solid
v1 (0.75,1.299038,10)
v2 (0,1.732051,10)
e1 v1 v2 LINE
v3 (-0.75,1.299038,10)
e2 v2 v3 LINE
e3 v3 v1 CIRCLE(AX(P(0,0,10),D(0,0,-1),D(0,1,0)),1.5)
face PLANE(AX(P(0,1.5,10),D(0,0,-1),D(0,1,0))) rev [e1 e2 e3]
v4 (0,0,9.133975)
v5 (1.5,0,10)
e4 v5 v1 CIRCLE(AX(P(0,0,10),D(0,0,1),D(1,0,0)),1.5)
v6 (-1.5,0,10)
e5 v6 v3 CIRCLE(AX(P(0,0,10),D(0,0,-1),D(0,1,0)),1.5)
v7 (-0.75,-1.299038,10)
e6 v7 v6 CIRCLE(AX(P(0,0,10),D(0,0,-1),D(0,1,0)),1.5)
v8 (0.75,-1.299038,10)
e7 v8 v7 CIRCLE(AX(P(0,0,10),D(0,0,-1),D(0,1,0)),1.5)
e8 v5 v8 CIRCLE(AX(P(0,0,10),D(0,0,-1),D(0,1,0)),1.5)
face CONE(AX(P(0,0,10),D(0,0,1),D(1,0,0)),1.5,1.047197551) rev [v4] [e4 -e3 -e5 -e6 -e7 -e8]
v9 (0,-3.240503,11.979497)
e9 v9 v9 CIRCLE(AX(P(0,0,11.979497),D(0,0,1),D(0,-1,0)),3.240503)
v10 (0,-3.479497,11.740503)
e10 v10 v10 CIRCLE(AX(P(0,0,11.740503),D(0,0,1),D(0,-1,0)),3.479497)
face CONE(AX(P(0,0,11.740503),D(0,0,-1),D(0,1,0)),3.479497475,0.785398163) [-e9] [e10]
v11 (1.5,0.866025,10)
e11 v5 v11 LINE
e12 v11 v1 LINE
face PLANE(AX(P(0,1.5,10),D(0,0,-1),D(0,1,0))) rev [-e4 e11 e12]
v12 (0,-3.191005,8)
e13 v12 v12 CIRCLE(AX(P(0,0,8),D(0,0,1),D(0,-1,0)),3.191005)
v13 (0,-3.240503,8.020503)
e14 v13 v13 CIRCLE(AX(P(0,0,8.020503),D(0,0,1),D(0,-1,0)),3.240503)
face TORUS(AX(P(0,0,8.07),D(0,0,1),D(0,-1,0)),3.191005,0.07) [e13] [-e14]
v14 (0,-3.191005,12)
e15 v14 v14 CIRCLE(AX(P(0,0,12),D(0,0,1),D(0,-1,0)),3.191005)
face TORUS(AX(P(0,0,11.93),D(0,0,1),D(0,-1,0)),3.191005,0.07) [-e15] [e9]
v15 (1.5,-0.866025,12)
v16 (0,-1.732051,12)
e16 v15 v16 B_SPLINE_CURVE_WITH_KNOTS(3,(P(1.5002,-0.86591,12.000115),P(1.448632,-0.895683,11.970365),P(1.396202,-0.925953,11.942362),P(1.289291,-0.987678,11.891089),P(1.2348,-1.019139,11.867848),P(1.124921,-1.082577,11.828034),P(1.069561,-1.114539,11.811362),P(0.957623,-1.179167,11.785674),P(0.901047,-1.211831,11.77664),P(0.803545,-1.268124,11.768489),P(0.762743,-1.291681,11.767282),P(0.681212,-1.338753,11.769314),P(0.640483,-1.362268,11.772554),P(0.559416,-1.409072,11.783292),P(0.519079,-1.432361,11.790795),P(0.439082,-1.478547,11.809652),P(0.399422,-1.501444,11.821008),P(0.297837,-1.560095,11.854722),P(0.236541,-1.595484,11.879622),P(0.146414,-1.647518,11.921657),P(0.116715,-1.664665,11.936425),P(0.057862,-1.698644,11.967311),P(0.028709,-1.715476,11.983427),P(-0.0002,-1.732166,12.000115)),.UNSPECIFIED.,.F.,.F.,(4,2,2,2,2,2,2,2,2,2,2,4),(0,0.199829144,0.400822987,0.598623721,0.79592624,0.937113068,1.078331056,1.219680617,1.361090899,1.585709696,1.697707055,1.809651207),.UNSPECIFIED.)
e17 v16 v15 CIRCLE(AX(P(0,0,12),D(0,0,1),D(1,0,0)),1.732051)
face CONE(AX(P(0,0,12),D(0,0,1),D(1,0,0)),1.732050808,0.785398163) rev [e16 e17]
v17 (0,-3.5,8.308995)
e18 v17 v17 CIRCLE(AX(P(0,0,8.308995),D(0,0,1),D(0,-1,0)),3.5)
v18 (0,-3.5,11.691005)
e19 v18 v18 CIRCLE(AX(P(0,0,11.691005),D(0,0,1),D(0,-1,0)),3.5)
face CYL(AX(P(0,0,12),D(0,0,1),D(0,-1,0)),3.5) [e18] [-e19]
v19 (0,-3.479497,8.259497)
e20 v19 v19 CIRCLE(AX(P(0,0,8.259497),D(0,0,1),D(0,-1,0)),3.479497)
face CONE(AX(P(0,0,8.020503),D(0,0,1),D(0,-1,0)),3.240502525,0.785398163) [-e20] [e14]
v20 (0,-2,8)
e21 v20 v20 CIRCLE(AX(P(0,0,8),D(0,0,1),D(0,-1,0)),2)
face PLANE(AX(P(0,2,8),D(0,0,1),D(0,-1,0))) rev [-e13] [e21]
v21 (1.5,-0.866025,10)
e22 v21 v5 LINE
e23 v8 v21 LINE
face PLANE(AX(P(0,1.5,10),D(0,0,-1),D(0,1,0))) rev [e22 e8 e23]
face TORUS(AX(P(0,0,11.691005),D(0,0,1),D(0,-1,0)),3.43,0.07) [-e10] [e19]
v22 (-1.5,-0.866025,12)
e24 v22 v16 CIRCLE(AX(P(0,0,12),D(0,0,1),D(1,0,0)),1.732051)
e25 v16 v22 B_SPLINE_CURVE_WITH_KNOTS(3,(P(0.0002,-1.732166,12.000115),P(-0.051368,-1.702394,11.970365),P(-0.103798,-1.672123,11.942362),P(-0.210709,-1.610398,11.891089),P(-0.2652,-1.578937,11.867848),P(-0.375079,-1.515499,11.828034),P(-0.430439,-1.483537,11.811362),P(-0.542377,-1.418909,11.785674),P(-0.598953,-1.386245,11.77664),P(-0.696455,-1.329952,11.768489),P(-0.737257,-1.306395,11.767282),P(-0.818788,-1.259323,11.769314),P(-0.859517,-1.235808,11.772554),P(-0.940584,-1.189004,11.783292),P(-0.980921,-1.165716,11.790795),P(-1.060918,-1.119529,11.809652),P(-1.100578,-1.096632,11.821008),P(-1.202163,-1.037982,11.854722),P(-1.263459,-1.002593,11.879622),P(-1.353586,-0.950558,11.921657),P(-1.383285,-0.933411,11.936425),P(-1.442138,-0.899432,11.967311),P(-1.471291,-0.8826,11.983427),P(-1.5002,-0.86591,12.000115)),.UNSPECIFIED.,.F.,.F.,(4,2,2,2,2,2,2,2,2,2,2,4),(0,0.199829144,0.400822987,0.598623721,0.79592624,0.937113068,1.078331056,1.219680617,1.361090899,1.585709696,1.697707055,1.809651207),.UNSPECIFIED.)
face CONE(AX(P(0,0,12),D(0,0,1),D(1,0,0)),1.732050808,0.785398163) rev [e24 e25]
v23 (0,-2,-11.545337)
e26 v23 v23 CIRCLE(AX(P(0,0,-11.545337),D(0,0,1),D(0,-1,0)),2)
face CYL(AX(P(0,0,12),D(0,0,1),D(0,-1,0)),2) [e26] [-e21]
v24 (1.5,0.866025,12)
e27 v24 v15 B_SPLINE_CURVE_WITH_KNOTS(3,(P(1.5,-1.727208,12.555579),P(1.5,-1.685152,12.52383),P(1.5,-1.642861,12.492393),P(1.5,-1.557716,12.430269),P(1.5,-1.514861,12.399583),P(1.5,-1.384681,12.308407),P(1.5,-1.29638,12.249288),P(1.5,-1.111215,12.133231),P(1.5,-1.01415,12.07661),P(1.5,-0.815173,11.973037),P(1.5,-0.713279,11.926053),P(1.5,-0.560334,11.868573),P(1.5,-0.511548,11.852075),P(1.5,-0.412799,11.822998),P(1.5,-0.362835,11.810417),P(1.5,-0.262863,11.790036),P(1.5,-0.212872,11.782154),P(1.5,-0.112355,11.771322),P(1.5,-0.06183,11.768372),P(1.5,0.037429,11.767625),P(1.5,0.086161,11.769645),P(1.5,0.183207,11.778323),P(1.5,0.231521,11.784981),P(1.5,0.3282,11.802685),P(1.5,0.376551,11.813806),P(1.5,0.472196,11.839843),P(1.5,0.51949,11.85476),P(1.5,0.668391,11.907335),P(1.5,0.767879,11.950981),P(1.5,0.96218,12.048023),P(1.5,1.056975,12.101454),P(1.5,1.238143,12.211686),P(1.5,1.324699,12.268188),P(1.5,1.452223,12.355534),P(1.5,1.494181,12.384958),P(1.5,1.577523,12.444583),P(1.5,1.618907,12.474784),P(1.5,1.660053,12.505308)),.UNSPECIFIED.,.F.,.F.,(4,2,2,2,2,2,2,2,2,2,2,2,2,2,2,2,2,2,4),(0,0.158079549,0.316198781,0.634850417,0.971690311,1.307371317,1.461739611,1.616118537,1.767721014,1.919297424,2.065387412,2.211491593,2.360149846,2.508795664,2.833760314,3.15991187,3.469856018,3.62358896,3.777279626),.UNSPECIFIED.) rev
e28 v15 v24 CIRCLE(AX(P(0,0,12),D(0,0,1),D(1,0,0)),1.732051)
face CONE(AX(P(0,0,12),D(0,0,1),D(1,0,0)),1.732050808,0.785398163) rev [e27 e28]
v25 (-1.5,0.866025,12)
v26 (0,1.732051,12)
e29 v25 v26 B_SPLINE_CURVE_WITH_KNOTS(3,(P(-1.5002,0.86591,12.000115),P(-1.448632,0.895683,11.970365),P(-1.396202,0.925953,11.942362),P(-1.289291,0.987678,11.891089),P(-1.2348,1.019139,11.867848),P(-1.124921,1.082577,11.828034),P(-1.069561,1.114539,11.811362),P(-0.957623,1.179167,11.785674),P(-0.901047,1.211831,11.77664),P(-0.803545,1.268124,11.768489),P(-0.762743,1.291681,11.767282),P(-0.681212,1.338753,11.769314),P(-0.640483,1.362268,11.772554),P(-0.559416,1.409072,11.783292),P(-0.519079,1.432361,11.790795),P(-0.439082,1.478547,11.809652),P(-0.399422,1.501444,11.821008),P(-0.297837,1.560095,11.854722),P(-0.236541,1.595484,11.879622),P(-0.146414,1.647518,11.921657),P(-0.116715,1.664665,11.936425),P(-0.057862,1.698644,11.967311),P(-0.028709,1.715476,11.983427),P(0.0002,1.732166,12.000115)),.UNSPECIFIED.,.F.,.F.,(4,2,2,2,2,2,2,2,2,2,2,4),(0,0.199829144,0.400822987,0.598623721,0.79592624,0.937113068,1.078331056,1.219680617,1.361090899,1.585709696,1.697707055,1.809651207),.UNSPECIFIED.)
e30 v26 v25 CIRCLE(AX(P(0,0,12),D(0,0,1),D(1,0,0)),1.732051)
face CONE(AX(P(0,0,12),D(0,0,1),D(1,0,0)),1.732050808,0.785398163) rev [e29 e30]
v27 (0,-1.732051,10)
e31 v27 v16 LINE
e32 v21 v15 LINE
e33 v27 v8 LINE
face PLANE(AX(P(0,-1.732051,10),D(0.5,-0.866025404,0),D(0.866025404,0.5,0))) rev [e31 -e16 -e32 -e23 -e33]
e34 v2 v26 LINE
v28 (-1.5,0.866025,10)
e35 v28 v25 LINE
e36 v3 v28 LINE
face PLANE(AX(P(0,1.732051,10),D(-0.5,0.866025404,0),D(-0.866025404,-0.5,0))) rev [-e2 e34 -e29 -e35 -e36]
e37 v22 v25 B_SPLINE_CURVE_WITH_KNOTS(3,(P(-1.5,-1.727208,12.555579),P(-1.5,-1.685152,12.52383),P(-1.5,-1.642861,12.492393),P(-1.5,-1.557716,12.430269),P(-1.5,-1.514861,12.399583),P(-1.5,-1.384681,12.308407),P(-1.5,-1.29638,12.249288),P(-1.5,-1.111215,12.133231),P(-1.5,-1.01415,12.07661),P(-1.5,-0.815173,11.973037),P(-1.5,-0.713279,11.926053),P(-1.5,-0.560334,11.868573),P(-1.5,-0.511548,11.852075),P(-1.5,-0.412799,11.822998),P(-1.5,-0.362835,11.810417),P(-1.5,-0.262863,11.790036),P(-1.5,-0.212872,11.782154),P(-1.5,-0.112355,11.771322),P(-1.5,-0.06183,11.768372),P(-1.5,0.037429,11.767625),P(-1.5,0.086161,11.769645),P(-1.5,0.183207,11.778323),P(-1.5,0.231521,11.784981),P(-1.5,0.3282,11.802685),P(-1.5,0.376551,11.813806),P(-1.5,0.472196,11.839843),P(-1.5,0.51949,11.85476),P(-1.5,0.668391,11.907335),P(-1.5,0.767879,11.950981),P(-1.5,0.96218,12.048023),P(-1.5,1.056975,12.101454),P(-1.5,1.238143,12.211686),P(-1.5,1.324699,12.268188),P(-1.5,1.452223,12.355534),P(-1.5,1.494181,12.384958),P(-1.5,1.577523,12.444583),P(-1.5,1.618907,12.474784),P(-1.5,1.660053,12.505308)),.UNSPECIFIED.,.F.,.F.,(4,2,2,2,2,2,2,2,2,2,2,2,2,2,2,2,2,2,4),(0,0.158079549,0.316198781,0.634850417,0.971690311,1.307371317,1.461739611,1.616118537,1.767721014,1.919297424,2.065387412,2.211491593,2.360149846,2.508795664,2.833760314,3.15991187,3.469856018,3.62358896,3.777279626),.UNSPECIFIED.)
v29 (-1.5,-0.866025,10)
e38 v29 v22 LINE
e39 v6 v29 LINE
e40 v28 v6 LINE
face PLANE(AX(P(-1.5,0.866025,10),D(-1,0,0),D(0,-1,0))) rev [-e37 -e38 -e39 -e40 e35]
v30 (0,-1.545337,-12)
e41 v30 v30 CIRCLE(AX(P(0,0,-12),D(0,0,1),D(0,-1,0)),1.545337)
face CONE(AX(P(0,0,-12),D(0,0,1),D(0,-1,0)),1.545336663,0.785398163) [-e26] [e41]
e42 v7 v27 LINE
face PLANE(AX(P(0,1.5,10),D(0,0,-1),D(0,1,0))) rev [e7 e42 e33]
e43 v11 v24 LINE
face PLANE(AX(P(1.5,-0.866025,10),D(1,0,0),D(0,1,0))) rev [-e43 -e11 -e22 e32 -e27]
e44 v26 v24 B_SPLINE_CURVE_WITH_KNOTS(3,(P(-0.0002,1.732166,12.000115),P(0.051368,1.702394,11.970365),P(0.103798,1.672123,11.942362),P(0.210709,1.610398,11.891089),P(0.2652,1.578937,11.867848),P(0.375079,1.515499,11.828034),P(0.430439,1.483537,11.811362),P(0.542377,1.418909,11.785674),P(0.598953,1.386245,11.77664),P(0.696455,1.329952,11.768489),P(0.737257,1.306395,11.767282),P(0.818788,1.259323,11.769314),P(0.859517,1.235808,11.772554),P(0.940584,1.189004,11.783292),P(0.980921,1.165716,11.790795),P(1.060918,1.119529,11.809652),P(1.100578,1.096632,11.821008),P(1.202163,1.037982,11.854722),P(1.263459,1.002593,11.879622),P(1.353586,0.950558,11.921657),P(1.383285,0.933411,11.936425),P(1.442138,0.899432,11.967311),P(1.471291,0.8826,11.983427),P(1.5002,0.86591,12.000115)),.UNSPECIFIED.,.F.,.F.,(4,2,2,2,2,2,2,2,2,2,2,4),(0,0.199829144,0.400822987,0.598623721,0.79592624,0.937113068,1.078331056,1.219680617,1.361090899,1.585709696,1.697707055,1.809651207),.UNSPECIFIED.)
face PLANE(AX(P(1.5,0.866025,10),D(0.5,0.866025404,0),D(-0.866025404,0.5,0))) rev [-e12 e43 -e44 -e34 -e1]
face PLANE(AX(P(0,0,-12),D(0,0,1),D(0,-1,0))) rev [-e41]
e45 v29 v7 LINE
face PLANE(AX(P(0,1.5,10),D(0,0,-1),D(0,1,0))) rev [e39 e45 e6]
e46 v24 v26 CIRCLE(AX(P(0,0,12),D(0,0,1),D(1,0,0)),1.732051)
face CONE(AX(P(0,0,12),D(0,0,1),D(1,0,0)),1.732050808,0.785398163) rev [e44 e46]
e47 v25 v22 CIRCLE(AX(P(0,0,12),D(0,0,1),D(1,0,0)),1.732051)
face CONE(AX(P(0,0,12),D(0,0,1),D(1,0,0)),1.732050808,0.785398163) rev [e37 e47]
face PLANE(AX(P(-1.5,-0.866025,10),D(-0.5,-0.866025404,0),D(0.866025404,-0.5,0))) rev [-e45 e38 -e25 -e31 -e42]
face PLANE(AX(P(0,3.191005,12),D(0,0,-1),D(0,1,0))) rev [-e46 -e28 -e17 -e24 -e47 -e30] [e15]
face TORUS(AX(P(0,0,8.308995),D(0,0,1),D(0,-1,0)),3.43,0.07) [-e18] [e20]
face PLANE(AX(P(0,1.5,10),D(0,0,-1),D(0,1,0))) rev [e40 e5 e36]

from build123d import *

# Parameters (mm, degrees)
CUT_EXTRUDE1_DEPTH = 2


with BuildPart() as part:
    # Sketch3 → Revolve1 (revolve)
    with BuildSketch(Plane(origin=(0, 0, 0), x_dir=(0, 0, -1), z_dir=(1, 0, 0)), mode=Mode.PRIVATE) as revolve1_sk:
        with BuildLine():
            Line((-12, 3.191005051), (-12, 1.5))
            Line((-12, 1.5), (-10, 1.5))
            Line((-10, 1.5), (-10, 0))
            Line((-10, 0), (12, 0))
            Line((12, 0), (12, 1.545336663))
            Line((12, 1.545336663), (11.545336663, 2))
            Line((11.545336663, 2), (-8, 2))
            Line((-8, 2), (-8, 3.191005051))
            ThreePointArc((-8, 3.191005051), (-8.005328433, 3.217792891), (-8.020502525, 3.240502525))
            Line((-8.020502525, 3.240502525), (-8.259497475, 3.479497475))
            ThreePointArc((-8.259497475, 3.479497475), (-8.282207109, 3.494671567), (-8.308994949, 3.5))
            Line((-8.308994949, 3.5), (-11.691005051, 3.5))
            ThreePointArc((-11.691005051, 3.5), (-11.717792891, 3.494671567), (-11.740502525, 3.479497475))
            Line((-11.740502525, 3.479497475), (-11.979497475, 3.240502525))
            ThreePointArc((-11.979497475, 3.240502525), (-11.994671567, 3.217792891), (-12, 3.191005051))
        make_face()
    revolve(revolve1_sk.sketch.rotate(Axis((0, 0, 12), (0, 0, -1)), 180), axis=Axis((0, 0, 12), (0, 0, -1)))

    # Sketch4 → Cut-Extrude1 (cut)
    with BuildSketch(Plane.XY.offset(12)):
        Polygon((0, 1.732050808), (-1.5, 0.866025404), (-1.5, -0.866025404), (0, -1.732050808), (1.5, -0.866025404), (1.5, 0.866025404), align=None)
    extrude(amount=-CUT_EXTRUDE1_DEPTH, mode=Mode.SUBTRACT)

    # Cut-Extrude2 cone 1 section (through the dimple's axis) → Cut-Extrude2 (revolve, cut)
    with BuildSketch(Plane(origin=(0, 0, 12), x_dir=(0, -1, 0), z_dir=(1, 0, 0))):
        Polygon((0, 0), (1.732050808, 0), (0, 1.732050808), align=None)
    revolve(axis=Axis((0, 0, 12), (0, 0, -1)), mode=Mode.SUBTRACT)

    # Cut-Extrude3 cone 1 section (through the dimple's axis) → Cut-Extrude3 (revolve, cut)
    with BuildSketch(Plane(origin=(0, 0, 10), x_dir=(0, -1, 0), z_dir=(1, 0, 0))):
        Polygon((0, 0), (1.5, 0), (0, 0.866025404), align=None)
    revolve(axis=Axis((0, 0, 10), (0, 0, -1)), mode=Mode.SUBTRACT)


solid = part.part
